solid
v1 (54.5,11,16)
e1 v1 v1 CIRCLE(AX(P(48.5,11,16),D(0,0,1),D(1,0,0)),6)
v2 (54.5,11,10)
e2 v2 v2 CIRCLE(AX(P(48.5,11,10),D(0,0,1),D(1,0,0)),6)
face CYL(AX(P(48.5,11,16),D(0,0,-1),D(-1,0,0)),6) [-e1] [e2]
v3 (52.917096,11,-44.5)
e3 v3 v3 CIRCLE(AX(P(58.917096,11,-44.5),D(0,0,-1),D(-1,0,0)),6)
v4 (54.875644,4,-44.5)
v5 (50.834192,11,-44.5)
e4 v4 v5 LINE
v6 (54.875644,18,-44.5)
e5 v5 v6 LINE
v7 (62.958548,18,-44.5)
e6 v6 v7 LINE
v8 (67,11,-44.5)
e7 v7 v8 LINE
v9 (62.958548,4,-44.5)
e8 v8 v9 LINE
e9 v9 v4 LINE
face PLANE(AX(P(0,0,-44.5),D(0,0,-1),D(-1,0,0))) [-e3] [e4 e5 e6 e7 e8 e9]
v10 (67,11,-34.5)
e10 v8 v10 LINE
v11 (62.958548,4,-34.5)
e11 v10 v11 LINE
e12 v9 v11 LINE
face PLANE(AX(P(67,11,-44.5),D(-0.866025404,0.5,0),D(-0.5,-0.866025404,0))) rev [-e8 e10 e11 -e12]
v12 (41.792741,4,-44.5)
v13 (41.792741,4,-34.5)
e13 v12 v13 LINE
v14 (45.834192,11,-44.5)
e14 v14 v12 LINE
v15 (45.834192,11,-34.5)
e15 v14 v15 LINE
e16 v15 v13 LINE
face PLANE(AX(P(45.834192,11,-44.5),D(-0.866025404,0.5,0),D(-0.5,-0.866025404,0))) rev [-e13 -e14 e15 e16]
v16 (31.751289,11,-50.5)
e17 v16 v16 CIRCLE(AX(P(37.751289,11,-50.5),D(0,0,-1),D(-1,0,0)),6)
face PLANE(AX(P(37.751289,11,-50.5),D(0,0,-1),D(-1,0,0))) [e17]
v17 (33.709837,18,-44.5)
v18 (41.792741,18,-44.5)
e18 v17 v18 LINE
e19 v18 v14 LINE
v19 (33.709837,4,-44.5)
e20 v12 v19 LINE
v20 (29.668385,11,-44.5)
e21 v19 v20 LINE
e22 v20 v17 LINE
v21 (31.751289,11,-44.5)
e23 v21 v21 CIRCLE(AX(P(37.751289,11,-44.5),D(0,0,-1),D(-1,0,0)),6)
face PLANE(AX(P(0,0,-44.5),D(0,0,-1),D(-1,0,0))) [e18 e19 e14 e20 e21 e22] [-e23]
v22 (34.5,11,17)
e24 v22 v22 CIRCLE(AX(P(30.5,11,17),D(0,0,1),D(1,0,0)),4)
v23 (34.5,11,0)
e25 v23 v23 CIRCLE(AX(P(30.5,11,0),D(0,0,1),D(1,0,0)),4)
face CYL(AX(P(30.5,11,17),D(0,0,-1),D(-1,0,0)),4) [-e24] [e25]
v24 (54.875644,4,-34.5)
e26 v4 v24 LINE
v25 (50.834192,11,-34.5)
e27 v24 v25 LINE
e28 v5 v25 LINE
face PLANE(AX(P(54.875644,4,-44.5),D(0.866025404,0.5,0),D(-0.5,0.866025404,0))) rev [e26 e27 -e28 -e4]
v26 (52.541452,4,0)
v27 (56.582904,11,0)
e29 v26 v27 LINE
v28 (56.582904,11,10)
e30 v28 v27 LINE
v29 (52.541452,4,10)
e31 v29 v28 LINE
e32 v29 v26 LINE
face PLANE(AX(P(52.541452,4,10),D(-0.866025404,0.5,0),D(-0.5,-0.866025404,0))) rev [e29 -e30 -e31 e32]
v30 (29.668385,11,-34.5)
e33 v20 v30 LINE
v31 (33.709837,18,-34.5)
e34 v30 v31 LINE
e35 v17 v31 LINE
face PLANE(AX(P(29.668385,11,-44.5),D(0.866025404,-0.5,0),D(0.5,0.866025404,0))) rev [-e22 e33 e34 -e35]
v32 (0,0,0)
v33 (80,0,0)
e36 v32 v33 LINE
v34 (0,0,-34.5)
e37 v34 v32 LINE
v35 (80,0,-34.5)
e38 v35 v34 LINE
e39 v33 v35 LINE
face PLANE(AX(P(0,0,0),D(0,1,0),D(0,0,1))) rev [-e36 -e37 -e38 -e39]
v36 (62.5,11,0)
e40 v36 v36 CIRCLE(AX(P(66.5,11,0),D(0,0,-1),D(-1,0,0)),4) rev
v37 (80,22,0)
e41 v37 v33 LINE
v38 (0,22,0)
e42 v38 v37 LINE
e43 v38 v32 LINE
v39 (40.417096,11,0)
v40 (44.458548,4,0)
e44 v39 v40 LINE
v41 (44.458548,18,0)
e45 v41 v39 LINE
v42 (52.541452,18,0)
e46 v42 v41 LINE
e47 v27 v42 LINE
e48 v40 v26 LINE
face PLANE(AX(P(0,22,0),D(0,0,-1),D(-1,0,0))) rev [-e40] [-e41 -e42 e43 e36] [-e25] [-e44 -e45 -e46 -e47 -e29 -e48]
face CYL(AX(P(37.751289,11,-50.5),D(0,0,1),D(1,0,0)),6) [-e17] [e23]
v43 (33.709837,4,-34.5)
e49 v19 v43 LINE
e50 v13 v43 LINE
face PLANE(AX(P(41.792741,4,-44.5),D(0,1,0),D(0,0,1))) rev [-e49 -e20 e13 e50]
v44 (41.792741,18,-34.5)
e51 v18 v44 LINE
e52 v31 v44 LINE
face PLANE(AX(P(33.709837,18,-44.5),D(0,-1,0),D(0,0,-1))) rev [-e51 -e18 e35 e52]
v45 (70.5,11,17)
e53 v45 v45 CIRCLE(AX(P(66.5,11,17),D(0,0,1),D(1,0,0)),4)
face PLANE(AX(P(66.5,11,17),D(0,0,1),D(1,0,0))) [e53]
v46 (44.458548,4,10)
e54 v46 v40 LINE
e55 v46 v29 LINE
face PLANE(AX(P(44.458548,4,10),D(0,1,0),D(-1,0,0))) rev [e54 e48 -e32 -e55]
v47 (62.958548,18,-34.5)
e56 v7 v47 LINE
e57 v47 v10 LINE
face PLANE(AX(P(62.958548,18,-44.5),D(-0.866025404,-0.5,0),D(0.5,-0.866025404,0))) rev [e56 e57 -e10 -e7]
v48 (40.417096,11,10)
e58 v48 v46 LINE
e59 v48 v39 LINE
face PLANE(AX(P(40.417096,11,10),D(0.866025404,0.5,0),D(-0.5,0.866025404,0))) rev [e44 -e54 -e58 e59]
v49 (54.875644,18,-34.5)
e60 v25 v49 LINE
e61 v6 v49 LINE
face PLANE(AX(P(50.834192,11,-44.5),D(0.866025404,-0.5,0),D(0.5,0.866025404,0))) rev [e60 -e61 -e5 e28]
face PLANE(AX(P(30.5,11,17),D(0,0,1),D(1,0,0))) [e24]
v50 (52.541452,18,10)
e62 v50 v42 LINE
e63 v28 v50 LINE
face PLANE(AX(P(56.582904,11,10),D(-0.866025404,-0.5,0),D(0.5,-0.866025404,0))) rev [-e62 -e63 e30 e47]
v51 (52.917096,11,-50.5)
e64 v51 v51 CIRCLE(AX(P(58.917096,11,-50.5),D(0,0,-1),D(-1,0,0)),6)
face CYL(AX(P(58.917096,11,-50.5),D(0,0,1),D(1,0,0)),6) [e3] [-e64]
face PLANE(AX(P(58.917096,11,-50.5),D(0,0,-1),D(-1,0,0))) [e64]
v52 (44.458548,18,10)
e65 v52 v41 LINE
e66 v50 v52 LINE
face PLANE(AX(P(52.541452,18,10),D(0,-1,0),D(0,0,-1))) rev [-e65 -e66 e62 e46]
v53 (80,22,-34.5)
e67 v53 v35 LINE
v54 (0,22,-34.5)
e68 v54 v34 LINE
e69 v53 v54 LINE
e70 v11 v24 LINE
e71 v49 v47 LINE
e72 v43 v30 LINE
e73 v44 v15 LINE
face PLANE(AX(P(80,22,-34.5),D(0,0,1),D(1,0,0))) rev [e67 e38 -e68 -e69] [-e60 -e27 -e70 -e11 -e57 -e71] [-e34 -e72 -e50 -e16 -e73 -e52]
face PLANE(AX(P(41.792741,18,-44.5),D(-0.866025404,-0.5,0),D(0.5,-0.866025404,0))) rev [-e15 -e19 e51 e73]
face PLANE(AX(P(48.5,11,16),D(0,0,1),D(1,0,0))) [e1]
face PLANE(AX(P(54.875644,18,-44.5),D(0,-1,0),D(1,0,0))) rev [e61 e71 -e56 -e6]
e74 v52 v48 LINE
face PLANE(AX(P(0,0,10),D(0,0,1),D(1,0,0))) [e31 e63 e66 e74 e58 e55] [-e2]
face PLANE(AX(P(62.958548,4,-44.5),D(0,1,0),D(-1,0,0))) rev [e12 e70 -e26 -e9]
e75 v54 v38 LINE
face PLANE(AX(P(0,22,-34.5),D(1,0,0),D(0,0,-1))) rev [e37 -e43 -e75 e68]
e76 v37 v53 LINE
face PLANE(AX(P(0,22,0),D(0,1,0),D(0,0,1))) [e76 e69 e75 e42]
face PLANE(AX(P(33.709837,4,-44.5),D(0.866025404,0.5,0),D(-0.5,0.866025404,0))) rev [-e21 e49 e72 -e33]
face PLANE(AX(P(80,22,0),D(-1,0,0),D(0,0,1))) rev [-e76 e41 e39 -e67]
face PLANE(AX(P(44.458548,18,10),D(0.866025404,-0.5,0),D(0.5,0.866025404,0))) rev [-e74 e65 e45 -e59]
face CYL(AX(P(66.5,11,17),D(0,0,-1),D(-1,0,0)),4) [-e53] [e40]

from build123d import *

# Parameters (mm, degrees)
SKETCH1_W           = 80
SKETCH1_H           = 34.5
BOSS_EXTRUDE1_DEPTH = 22
SKETCH2_R           = 4
BOSS_EXTRUDE2_DEPTH = 17
BOSS_EXTRUDE3_DEPTH = 10
BOSS_EXTRUDE6_DEPTH = 10
SKETCH7_R           = 6
BOSS_EXTRUDE7_DEPTH = 6
SKETCH8_R           = 6
BOSS_EXTRUDE8_DEPTH = 6


with BuildPart() as part:
    # Sketch1 → Boss-Extrude1 (new body)
    with BuildSketch(Plane(origin=(0, 0, 0), x_dir=(1, 0, 0), z_dir=(0, 1, 0))):
        with Locations((40, 17.25)):
            Rectangle(SKETCH1_W, SKETCH1_H)
    extrude(amount=BOSS_EXTRUDE1_DEPTH)

    # Sketch2 → Boss-Extrude2 (add)
    with BuildSketch(Plane.XY):
        with Locations((30.5, 11)):
            Circle(SKETCH2_R)
        with Locations((66.5, 11)):
            Circle(SKETCH2_R)
    extrude(amount=BOSS_EXTRUDE2_DEPTH)

    # Sketch3 → Boss-Extrude3 (add)
    with BuildSketch(Plane(origin=(0, 0, -34.5), x_dir=(-1, 0, 0), z_dir=(0, 0, -1))):
        Polygon((-50.834192463, 11), (-54.875644347, 18), (-62.958548116, 18), (-67, 11), (-62.958548116, 4), (-54.875644347, 4), align=None)
        Polygon((-29.668384925, 11), (-33.70983681, 18), (-41.792740578, 18), (-45.834192463, 11), (-41.792740578, 4), (-33.70983681, 4), align=None)
    extrude(amount=BOSS_EXTRUDE3_DEPTH)

    # Sketch6 → Boss-Extrude6 (add)
    with BuildSketch(Plane.XY):
        Polygon((56.582903769, 11), (52.541451884, 18), (44.458548116, 18), (40.417096231, 11), (44.458548116, 4), (52.541451884, 4), align=None)
    extrude(amount=BOSS_EXTRUDE6_DEPTH)

    # Sketch7 → Boss-Extrude7 (add)
    with BuildSketch(Plane.XY.offset(10)):
        with Locations((48.5, 11)):
            Circle(SKETCH7_R)
    extrude(amount=BOSS_EXTRUDE7_DEPTH)

    # Sketch8 → Boss-Extrude8 (add)
    with BuildSketch(Plane(origin=(0, 0, -44.5), x_dir=(-1, 0, 0), z_dir=(0, 0, -1))):
        with Locations((-58.917096231, 11)):
            Circle(SKETCH8_R)
        with Locations((-37.751288694, 11)):
            Circle(SKETCH8_R)
    extrude(amount=BOSS_EXTRUDE8_DEPTH)


solid = part.part
